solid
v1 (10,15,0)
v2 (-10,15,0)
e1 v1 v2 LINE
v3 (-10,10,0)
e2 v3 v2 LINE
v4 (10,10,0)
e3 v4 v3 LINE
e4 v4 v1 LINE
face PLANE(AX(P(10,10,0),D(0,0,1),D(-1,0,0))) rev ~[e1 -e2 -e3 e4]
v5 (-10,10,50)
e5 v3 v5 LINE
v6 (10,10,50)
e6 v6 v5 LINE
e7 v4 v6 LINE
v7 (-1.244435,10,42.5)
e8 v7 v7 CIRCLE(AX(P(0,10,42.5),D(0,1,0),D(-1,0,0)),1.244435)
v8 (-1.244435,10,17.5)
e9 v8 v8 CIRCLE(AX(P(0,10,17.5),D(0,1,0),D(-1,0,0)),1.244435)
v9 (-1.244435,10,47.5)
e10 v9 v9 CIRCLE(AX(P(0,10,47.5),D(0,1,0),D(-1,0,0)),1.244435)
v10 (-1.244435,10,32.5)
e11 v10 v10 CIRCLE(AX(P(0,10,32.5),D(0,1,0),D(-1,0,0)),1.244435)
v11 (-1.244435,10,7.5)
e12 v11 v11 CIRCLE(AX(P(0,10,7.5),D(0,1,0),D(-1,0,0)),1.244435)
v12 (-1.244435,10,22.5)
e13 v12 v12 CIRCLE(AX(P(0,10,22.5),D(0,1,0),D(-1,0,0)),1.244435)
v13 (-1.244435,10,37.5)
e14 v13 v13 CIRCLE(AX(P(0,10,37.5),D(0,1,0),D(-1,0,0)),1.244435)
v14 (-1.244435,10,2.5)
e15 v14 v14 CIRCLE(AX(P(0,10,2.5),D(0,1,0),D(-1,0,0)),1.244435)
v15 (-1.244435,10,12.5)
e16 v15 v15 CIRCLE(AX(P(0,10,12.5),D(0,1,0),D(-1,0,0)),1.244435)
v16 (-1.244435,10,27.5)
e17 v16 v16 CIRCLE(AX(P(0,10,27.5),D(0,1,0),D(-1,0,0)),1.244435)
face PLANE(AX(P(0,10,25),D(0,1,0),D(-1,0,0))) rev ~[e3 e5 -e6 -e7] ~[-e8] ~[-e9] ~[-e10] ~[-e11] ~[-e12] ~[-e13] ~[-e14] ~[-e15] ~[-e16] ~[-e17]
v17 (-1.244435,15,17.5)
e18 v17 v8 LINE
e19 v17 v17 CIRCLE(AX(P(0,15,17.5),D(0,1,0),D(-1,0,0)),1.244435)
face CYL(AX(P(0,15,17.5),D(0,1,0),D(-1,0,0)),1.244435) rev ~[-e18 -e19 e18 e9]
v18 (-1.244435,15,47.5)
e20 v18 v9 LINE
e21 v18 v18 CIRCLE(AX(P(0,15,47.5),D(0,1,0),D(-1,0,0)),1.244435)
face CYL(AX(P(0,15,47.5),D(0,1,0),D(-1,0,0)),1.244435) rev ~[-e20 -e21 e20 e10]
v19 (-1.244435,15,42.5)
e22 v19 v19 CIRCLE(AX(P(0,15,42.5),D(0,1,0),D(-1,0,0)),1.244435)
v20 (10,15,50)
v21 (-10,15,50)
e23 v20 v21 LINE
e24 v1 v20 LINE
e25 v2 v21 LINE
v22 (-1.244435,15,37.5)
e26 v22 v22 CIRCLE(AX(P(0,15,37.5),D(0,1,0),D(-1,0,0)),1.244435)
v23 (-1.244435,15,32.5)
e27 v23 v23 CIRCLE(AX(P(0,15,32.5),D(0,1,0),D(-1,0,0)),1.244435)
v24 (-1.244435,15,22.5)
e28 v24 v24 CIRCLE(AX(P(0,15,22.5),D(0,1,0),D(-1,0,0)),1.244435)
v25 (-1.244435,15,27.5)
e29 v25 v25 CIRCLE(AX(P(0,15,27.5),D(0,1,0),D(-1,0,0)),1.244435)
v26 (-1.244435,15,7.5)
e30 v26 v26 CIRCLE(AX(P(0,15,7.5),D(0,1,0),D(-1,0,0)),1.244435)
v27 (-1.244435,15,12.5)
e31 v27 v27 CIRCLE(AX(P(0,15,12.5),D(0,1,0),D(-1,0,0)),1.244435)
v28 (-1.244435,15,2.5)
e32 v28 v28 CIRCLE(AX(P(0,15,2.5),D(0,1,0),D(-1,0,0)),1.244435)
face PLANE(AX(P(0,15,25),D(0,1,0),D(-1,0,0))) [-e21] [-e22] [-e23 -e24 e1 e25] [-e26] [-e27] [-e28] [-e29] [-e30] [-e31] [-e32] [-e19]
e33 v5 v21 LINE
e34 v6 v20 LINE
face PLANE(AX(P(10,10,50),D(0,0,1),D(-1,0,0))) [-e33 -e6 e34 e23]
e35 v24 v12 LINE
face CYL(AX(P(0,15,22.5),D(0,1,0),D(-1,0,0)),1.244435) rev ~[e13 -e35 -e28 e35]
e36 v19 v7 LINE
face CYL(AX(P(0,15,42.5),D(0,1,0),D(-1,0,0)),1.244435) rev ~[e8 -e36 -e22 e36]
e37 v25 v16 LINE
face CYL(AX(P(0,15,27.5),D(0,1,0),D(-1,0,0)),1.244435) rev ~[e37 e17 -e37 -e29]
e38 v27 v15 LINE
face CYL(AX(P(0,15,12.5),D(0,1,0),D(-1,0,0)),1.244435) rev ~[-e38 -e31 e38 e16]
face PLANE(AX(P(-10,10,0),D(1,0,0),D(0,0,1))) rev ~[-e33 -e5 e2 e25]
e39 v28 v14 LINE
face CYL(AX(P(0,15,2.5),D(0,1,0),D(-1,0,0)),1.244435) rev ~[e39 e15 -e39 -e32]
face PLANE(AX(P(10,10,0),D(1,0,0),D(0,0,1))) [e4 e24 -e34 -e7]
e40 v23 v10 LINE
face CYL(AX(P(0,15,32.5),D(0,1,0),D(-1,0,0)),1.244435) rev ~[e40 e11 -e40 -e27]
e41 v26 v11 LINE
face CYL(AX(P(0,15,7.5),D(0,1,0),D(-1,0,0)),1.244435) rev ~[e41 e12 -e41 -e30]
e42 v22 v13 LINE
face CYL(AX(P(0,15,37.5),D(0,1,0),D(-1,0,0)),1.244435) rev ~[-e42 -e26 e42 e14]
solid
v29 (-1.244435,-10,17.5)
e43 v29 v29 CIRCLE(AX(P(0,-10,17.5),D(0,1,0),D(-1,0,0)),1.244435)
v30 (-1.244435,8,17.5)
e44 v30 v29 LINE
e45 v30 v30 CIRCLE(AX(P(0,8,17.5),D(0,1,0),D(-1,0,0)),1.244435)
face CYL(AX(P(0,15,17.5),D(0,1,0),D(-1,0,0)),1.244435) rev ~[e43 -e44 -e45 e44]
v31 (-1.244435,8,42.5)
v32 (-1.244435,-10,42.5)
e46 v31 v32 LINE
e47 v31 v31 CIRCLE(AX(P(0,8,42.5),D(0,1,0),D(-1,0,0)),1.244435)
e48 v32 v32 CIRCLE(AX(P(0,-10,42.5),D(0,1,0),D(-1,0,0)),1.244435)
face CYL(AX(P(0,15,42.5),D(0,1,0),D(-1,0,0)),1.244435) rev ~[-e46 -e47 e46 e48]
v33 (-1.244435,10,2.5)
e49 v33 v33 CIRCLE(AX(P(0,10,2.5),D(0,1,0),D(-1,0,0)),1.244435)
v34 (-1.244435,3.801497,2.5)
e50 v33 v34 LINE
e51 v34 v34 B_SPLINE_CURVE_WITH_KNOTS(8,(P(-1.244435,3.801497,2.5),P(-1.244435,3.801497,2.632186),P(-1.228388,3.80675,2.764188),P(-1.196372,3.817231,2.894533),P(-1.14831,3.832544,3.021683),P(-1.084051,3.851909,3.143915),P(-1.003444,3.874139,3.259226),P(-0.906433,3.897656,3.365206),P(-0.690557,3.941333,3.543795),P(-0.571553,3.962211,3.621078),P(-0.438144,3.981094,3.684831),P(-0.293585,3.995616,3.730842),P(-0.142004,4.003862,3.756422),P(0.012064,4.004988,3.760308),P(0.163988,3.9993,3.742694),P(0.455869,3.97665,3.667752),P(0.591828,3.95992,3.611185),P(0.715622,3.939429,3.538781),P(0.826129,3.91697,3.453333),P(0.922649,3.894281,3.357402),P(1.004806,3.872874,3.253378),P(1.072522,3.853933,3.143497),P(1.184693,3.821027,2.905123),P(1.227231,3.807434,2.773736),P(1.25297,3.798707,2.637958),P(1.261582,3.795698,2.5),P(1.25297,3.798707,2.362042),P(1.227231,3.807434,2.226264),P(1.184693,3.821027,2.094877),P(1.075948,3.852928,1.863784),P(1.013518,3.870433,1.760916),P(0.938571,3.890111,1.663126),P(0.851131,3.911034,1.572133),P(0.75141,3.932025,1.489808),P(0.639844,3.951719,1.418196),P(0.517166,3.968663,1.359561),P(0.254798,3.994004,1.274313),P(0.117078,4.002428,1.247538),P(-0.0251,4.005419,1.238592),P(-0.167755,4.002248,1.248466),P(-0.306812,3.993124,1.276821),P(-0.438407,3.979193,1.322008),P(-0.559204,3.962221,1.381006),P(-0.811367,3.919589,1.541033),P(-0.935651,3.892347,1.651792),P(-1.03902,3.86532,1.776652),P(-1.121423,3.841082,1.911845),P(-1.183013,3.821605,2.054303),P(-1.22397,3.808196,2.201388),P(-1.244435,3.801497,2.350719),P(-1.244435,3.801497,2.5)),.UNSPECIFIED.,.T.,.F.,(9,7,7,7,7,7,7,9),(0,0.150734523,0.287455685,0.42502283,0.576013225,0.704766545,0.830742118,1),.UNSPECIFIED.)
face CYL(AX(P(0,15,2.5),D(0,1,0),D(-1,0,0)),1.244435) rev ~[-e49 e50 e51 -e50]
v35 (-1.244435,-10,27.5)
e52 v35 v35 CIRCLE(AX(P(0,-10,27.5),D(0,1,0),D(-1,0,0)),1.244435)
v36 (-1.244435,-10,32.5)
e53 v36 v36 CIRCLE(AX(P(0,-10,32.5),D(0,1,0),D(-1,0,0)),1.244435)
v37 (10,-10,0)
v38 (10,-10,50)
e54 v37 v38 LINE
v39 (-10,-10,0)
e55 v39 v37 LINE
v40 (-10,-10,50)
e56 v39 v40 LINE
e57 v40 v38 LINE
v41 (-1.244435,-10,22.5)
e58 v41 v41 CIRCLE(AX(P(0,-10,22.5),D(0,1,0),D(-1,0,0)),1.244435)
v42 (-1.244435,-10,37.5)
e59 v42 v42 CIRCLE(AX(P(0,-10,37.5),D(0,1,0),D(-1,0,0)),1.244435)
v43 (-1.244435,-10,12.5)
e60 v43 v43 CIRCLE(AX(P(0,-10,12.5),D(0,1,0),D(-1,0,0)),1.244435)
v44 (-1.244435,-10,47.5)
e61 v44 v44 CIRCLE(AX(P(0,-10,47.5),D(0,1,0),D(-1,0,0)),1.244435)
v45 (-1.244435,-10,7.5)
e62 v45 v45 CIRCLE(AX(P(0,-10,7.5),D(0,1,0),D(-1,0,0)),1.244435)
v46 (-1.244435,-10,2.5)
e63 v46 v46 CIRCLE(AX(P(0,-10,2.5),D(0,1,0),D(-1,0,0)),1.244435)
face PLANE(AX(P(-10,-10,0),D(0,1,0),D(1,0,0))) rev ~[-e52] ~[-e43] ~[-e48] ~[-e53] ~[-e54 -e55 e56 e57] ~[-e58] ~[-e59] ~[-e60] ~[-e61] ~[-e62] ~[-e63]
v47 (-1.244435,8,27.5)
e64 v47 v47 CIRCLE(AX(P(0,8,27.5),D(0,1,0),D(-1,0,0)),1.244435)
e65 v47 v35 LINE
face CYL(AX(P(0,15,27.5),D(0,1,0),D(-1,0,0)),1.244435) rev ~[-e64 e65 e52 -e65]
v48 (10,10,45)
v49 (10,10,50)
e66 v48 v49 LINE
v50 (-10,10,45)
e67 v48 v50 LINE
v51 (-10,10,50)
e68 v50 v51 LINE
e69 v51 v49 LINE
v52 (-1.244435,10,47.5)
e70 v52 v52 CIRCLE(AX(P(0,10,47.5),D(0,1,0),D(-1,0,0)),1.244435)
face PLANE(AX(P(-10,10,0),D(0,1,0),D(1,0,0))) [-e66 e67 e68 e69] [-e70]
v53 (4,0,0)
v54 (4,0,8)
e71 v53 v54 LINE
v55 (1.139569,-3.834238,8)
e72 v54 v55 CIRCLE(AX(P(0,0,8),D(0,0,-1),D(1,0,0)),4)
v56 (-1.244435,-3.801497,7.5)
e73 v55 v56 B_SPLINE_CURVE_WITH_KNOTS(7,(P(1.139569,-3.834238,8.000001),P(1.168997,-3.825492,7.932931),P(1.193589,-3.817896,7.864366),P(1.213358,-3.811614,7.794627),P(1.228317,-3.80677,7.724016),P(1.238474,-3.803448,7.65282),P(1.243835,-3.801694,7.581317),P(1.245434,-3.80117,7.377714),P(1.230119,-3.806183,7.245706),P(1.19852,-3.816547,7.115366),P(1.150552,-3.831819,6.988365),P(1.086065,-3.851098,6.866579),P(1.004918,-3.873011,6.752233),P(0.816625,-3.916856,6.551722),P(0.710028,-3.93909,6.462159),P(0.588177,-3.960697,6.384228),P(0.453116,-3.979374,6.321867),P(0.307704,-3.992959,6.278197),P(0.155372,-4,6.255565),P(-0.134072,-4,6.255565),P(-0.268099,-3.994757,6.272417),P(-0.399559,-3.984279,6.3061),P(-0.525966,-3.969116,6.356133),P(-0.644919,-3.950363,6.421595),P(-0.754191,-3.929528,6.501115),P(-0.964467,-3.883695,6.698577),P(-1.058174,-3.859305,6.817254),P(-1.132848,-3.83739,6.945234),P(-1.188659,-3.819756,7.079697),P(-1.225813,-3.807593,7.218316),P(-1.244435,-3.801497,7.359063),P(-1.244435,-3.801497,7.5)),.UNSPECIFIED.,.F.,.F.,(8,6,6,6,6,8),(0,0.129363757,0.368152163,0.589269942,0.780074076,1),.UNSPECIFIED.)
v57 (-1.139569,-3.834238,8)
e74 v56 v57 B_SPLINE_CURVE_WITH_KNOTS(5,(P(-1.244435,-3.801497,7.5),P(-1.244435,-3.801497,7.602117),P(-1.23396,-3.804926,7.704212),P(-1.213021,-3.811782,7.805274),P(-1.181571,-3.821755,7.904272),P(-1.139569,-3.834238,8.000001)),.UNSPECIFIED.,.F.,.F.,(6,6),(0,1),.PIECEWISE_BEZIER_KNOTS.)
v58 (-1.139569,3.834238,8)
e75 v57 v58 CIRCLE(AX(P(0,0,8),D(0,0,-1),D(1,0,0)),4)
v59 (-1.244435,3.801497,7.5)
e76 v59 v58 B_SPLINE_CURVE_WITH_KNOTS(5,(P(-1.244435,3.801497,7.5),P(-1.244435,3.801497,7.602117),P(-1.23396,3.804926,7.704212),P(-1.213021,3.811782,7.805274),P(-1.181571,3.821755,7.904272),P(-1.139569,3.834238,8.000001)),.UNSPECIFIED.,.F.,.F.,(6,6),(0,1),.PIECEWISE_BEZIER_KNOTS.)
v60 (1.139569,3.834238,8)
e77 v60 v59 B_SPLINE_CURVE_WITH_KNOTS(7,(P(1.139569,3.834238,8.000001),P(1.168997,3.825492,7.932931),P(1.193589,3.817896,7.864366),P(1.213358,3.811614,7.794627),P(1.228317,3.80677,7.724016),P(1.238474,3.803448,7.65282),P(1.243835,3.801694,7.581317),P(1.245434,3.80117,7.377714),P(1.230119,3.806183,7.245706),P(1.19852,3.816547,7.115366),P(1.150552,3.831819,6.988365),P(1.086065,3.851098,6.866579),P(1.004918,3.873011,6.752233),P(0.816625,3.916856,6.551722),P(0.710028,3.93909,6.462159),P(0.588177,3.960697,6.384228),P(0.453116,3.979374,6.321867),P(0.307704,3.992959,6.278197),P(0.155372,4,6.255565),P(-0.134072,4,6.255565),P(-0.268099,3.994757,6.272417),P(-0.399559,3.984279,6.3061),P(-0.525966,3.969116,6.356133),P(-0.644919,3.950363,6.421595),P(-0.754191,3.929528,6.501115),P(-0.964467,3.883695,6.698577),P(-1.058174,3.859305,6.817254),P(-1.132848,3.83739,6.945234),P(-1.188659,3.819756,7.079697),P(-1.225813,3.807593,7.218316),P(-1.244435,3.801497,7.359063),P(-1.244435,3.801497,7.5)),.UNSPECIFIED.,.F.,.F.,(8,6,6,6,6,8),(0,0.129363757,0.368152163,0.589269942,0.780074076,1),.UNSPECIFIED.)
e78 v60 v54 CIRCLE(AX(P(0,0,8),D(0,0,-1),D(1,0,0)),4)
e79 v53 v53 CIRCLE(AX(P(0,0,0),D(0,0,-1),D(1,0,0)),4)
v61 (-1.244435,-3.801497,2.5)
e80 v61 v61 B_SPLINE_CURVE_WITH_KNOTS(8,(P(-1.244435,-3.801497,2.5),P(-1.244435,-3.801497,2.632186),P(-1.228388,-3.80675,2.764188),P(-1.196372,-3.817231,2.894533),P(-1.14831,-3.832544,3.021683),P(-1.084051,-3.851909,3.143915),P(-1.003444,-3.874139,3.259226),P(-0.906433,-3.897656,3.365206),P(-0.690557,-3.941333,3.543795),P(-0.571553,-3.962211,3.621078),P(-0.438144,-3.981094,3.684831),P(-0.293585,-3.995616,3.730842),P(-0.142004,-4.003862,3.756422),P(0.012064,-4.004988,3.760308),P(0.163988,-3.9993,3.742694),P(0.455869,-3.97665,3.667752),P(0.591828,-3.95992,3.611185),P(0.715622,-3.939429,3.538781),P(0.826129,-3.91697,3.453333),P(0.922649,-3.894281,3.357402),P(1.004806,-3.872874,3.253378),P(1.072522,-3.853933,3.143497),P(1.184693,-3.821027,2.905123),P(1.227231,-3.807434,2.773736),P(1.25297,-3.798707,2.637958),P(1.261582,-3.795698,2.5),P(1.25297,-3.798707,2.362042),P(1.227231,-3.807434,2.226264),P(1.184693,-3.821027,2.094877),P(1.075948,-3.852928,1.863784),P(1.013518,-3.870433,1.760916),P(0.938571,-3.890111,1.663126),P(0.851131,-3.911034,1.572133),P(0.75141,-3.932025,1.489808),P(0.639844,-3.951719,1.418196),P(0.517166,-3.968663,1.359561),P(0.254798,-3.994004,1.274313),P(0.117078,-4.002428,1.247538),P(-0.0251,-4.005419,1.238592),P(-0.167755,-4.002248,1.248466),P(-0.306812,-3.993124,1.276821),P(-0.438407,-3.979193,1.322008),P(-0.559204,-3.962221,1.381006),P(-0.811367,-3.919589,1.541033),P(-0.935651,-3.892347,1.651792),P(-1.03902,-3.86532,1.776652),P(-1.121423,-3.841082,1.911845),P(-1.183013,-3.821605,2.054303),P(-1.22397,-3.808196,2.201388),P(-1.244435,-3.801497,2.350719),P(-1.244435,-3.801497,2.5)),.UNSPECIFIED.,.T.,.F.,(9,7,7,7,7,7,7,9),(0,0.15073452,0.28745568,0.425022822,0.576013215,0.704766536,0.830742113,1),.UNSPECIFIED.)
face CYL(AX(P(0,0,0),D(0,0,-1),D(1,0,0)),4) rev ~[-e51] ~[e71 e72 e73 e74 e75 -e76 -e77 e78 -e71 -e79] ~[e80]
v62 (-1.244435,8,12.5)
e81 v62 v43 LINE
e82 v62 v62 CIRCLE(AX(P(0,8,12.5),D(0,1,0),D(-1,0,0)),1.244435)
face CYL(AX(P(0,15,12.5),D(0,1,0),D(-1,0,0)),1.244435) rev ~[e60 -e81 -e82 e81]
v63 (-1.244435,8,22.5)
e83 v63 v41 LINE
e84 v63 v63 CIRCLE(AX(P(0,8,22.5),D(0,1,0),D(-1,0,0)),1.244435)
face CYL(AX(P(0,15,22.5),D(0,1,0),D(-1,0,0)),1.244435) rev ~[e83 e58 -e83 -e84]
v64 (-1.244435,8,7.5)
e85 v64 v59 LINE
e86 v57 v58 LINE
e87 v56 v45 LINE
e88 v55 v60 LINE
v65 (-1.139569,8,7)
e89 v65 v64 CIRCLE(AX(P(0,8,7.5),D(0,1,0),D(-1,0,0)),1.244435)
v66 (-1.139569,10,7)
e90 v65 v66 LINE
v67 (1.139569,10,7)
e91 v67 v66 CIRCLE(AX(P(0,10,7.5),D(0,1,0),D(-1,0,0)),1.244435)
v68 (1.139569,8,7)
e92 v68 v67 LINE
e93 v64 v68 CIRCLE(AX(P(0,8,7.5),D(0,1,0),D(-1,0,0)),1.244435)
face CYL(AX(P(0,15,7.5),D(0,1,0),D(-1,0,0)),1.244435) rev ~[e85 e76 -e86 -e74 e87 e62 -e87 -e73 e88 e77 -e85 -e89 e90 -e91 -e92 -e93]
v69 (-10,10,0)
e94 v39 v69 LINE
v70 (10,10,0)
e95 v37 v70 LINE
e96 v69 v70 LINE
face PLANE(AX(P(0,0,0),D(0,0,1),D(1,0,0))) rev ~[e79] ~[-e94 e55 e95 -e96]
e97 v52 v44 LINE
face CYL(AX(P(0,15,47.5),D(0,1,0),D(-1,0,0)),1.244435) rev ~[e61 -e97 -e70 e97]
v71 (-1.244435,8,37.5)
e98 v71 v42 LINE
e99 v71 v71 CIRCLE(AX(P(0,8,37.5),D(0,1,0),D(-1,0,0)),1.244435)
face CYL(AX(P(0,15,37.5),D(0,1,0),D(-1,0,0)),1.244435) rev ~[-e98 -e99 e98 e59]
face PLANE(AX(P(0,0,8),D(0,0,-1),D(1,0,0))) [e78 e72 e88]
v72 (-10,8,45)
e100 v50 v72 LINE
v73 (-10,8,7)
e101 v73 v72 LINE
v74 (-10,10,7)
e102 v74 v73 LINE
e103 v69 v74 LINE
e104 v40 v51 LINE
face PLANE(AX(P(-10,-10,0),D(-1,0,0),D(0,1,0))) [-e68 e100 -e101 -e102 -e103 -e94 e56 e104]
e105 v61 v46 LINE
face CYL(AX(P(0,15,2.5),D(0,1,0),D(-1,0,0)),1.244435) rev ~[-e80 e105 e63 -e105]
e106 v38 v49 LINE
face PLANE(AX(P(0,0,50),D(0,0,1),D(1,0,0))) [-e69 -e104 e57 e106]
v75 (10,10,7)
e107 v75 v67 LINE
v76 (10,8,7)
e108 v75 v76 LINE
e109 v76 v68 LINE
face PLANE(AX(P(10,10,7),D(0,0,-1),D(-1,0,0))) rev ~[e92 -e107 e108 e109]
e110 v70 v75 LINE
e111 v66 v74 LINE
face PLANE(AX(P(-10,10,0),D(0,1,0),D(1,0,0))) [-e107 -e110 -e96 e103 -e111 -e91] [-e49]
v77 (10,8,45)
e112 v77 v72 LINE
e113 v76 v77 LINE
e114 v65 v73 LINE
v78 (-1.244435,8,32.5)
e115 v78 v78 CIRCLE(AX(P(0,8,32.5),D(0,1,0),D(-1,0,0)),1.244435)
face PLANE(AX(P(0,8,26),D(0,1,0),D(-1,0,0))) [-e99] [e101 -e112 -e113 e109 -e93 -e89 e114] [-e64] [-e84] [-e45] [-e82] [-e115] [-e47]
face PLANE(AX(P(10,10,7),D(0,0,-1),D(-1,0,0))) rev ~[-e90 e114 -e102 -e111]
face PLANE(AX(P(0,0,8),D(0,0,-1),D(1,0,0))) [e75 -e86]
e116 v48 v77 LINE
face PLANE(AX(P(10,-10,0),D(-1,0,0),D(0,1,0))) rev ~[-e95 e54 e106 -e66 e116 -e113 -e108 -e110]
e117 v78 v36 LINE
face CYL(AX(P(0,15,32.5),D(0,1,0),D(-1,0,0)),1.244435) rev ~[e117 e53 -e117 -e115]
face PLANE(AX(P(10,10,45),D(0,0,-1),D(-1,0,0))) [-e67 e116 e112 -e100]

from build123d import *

# Parameters (mm, degrees)
F0_W     = 20
F0_H     = 20
F1_DEPTH = 50
F2_W     = 20
F2_H     = 38
F3_DEPTH = 2
F4_R     = 4
F5_DEPTH = 8
F6_W     = 20
F6_H     = 50
F7_DEPTH = 5
F8_R     = 1.244435
F9_DEPTH = 25.001


with BuildPart() as f1:
    # F0 (on Top) → F1 (new body)
    with BuildSketch(Plane.XY):
        Rectangle(F0_W, F0_H)
    extrude(amount=F1_DEPTH)

    # F2 (on face) → F3 (cut)
    with BuildSketch(Plane(origin=(0, 10, 0), x_dir=(-1, 0, 0), z_dir=(0, 1, 0))):
        with Locations((0, 26)):
            Rectangle(F2_W, F2_H)
    extrude(amount=-F3_DEPTH, mode=Mode.SUBTRACT)

    # F4 (on face) → F5 (cut)
    with BuildSketch(Plane(origin=(0, 0, 0), x_dir=(1, 0, 0), z_dir=(0, 0, -1))):
        Circle(F4_R)
    extrude(amount=-F5_DEPTH, mode=Mode.SUBTRACT)


with BuildPart() as f7:
    # F6 (on face) → F7 (new body)
    with BuildSketch(Plane(origin=(0, 10, 0), x_dir=(-1, 0, 0), z_dir=(0, 1, 0))):
        with Locations((0, 25)):
            Rectangle(F6_W, F6_H)
    extrude(amount=F7_DEPTH)


with BuildPart() as f9_tool:
    # F8 (on face) → F9 (new body, through all)
    with BuildSketch(Plane(origin=(0, 15, 0), x_dir=(-1, 0, 0), z_dir=(0, 1, 0))):
        with Locations((0, 47.5)):
            Circle(F8_R)
        with Locations((0, 42.5)):
            Circle(F8_R)
        with Locations((0, 37.5)):
            Circle(F8_R)
        with Locations((0, 32.5)):
            Circle(F8_R)
        with Locations((0, 27.5)):
            Circle(F8_R)
        with Locations((0, 22.5)):
            Circle(F8_R)
        with Locations((0, 17.5)):
            Circle(F8_R)
        with Locations((0, 12.5)):
            Circle(F8_R)
        with Locations((0, 7.5)):
            Circle(F8_R)
        with Locations((0, 2.5)):
            Circle(F8_R)
    extrude(amount=-F9_DEPTH)


with BuildPart() as f1_1:
    add(f1.part)

    # F9: cut by f9_tool
    add(f9_tool.part, mode=Mode.SUBTRACT)


with BuildPart() as f7_1:
    add(f7.part)

    # F9: cut by f9_tool
    add(f9_tool.part, mode=Mode.SUBTRACT)


solid = Compound([f1_1.part, f7_1.part])
